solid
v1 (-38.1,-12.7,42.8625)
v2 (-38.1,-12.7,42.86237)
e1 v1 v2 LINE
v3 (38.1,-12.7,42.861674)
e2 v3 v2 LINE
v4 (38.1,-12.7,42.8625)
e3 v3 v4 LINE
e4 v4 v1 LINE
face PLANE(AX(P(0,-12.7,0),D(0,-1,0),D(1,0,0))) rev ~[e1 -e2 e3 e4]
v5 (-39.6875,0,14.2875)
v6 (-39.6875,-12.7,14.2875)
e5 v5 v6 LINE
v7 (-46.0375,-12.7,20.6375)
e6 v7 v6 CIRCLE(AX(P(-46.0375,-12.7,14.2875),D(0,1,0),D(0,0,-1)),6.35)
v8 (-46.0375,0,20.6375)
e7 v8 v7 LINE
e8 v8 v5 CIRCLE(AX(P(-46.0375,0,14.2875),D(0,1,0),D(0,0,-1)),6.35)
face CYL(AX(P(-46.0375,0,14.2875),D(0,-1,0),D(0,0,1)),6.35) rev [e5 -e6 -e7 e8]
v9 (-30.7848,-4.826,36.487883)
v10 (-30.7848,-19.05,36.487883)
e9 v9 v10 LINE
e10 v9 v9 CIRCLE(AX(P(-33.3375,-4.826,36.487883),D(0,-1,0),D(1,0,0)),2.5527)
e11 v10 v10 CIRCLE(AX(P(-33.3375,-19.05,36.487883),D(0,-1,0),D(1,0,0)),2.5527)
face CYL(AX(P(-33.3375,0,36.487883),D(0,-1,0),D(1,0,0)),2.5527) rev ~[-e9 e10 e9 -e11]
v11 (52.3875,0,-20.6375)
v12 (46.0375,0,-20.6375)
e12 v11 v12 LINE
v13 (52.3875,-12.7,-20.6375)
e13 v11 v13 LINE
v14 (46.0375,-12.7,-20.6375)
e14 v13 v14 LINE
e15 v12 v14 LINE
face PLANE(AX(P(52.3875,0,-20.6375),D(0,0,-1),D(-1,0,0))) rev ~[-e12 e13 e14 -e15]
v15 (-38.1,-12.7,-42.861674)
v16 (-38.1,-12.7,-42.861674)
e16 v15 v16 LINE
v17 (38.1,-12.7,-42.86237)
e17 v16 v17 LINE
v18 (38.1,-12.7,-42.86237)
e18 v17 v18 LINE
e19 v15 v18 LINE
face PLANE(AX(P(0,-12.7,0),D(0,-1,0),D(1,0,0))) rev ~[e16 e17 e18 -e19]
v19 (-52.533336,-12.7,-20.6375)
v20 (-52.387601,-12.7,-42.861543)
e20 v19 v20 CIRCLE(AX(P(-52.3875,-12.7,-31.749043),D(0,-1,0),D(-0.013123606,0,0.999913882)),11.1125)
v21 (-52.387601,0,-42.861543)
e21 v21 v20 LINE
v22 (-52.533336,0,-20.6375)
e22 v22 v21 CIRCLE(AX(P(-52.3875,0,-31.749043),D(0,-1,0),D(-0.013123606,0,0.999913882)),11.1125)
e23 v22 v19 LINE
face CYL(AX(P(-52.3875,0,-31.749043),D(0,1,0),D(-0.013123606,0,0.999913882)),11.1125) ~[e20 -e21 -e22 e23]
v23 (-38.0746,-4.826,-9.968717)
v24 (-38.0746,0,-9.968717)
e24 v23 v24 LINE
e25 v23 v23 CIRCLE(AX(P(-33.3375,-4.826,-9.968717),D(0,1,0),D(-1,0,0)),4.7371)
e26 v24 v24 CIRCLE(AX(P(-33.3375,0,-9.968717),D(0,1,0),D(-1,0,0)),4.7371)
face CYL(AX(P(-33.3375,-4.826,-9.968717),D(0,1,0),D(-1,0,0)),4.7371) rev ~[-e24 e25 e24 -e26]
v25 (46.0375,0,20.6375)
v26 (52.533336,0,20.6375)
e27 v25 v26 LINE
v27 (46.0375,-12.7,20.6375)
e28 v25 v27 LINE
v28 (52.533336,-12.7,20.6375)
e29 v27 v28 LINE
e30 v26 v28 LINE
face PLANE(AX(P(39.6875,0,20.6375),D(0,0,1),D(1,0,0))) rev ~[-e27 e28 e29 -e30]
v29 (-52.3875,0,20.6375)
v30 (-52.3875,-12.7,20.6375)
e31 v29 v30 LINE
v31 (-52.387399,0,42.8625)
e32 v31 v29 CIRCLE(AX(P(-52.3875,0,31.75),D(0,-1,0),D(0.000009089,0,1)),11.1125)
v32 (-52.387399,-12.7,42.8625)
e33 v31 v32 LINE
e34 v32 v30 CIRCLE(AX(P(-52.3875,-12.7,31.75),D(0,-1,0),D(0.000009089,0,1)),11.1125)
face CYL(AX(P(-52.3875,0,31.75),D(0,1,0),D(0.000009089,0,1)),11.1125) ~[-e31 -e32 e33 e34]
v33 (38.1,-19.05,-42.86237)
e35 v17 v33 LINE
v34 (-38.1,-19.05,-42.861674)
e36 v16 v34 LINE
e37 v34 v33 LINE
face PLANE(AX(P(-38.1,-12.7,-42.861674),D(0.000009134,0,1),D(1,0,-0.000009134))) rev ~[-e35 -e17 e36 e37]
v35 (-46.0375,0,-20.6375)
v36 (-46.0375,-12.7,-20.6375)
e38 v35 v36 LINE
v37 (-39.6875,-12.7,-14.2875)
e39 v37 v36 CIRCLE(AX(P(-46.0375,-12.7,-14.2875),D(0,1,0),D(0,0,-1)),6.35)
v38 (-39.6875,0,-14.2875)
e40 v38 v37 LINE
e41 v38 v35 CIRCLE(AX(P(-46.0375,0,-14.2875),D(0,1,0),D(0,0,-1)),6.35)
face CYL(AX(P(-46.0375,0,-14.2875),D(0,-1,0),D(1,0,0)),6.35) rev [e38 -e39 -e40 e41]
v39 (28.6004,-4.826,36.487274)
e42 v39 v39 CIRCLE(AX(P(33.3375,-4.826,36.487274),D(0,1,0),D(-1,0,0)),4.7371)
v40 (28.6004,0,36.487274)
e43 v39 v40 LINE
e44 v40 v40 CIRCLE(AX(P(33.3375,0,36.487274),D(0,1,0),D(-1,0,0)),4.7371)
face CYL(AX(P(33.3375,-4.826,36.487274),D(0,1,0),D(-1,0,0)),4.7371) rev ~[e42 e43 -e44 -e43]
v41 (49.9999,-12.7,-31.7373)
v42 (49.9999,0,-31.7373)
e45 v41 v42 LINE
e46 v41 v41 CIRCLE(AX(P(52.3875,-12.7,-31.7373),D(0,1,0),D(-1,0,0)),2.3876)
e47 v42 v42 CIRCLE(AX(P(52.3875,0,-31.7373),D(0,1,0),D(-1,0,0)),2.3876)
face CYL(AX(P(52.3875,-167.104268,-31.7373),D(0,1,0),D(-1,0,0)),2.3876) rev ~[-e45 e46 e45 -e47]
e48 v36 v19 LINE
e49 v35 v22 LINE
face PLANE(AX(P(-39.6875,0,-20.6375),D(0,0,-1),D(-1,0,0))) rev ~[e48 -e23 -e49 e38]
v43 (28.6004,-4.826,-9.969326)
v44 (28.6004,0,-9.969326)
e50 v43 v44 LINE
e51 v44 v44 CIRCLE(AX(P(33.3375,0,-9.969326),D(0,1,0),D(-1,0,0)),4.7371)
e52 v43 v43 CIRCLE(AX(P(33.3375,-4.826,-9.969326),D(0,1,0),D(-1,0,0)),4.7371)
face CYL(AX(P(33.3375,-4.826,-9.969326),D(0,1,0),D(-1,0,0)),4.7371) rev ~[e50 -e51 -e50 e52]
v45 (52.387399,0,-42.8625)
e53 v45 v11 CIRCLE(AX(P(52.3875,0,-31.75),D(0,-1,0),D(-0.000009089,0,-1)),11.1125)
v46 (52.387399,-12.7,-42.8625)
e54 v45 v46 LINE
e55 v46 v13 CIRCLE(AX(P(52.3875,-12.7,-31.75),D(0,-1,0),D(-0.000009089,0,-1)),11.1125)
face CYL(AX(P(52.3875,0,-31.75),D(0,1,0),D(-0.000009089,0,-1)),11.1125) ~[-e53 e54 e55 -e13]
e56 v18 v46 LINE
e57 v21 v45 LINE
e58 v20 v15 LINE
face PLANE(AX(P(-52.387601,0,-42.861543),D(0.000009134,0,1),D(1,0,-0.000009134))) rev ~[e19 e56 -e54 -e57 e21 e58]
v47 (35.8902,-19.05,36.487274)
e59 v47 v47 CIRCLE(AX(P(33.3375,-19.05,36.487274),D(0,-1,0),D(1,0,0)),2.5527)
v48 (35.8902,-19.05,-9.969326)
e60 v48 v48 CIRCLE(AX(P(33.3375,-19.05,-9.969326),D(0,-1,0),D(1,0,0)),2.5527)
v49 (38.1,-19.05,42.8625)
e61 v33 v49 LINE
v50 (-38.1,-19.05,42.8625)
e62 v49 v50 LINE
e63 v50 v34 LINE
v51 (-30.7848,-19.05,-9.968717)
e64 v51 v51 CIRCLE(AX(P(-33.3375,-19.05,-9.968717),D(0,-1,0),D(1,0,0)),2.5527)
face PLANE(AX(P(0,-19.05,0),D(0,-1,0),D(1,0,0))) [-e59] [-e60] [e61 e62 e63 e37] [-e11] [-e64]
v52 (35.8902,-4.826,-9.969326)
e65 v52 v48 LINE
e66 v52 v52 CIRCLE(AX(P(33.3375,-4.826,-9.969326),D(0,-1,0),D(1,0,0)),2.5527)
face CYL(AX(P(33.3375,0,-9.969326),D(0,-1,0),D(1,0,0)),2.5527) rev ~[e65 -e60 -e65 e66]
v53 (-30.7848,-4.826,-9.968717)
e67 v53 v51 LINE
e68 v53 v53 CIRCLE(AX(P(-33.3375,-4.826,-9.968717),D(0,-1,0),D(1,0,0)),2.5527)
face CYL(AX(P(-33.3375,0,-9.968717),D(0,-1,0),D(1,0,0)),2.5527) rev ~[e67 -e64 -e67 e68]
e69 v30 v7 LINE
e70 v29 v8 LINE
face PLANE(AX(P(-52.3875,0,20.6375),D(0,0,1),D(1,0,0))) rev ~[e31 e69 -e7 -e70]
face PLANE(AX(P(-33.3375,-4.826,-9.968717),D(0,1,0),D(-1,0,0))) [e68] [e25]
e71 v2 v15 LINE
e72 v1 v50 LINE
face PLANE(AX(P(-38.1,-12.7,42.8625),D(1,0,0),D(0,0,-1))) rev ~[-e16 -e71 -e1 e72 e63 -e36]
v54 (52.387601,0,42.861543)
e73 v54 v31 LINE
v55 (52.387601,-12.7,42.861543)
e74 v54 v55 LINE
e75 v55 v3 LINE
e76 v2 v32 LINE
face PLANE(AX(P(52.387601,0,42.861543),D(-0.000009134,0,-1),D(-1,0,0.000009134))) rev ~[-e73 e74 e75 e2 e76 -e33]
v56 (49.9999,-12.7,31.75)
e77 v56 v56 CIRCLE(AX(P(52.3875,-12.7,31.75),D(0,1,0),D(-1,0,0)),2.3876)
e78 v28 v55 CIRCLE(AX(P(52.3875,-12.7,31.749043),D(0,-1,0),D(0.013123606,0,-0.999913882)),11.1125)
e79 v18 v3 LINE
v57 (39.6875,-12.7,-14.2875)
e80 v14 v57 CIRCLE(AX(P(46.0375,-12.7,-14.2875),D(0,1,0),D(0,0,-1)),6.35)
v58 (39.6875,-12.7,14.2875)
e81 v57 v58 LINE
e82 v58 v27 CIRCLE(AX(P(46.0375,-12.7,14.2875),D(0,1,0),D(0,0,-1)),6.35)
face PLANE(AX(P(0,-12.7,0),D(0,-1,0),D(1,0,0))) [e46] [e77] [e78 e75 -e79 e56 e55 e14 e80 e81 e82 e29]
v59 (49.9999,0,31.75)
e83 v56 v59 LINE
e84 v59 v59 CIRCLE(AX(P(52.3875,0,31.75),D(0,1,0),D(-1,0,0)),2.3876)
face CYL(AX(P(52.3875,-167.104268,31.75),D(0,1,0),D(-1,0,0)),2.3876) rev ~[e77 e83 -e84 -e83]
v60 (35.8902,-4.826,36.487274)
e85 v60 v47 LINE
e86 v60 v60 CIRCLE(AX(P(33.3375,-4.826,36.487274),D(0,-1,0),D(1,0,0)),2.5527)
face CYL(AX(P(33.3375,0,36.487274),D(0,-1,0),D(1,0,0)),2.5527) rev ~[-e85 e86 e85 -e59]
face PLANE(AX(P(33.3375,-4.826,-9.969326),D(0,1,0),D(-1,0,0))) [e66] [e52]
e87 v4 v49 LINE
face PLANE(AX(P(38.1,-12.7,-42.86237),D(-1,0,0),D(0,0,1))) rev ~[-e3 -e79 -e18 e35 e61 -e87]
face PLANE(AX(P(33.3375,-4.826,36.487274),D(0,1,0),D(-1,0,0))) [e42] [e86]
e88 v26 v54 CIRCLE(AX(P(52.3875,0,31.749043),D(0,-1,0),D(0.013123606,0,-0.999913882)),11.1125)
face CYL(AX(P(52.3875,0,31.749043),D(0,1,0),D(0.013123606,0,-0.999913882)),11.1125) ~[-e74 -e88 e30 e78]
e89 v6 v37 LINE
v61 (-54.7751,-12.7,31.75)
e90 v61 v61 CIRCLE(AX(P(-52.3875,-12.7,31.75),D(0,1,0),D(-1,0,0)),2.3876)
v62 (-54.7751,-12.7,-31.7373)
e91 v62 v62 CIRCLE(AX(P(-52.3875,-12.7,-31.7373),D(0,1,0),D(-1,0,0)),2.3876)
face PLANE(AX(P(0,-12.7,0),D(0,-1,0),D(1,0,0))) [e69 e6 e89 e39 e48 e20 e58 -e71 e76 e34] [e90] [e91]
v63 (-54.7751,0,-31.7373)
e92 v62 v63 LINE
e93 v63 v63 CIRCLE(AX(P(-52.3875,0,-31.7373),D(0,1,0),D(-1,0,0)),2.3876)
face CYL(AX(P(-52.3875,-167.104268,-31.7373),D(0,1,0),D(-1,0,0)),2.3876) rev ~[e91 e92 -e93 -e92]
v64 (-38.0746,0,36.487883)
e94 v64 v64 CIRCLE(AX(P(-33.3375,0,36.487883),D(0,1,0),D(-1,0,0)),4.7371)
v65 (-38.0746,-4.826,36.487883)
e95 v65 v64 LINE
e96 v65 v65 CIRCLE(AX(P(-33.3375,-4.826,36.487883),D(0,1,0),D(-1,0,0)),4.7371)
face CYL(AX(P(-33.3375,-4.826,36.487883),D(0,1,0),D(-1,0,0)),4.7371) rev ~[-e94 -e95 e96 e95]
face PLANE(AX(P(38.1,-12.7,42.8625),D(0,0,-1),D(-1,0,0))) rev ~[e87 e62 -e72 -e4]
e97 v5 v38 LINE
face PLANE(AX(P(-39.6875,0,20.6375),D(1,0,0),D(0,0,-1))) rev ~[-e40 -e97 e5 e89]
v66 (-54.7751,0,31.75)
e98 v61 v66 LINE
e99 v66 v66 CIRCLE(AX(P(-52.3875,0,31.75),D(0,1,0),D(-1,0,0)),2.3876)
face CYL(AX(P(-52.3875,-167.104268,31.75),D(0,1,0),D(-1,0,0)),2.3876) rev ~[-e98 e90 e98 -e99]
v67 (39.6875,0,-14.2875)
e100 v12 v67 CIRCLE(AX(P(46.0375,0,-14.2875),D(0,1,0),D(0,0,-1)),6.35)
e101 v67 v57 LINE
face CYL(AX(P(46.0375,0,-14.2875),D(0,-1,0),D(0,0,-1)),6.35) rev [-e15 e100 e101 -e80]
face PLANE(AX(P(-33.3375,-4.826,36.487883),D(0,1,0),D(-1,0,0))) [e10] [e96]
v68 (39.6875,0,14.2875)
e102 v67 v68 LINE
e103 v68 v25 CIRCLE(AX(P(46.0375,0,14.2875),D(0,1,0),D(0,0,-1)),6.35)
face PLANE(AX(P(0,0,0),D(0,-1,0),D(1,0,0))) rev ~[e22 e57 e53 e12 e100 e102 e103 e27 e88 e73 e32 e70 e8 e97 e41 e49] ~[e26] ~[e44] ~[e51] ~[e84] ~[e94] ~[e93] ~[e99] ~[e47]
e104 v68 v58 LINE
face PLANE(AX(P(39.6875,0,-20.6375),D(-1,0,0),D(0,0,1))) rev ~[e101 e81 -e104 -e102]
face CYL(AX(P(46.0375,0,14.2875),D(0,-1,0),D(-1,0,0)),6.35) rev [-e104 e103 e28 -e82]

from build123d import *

# Parameters (mm, degrees)
F1_DEPTH       = 12.7
F2_R           = 6.35
F4_DEPTH       = 6.35
F6_D           = 4.7752
F8_D           = 5.1054
F8_CBORE_D     = 9.4742
F8_CBORE_DEPTH = 4.826


with BuildPart() as f1:
    # F0 (on Front) → F1 (new body)
    with BuildSketch(Plane.XZ):
        with BuildLine():
            Line((52.387601, 42.861543), (-52.387399, 42.8625))
            ThreePointArc((-52.387399, 42.8625), (-63.5, 31.750051), (-52.3875, 20.6375))
            Line((-52.3875, 20.6375), (-39.6875, 20.6375))
            Line((-39.6875, 20.6375), (-39.6875, -20.6375))
            Line((-39.6875, -20.6375), (-52.533336, -20.6375))
            ThreePointArc((-52.533336, -20.6375), (-63.499761, -31.821912), (-52.387601, -42.861543))
            Line((-52.387601, -42.861543), (52.387399, -42.8625))
            ThreePointArc((52.387399, -42.8625), (63.5, -31.750051), (52.3875, -20.6375))
            Line((52.3875, -20.6375), (39.6875, -20.6375))
            Line((39.6875, -20.6375), (39.6875, 20.6375))
            Line((39.6875, 20.6375), (52.533336, 20.6375))
            ThreePointArc((52.533336, 20.6375), (63.499761, 31.821912), (52.387601, 42.861543))
        make_face()
    extrude(amount=F1_DEPTH)

    # F2
    f2_edges = [f1.edges().sort_by_distance(p)[0] for p in [
        (-39.6875, -6.35, 20.6375),
        (-39.6875, -6.35, -20.6375),
        (39.6875, -6.35, 20.6375),
        (39.6875, -6.35, -20.6375),
    ]]
    fillet(f2_edges, radius=F2_R)

    # F3 (on face) → F4 (join)
    with BuildSketch(Plane.XZ.offset(12.7)):
        Polygon((-38.1, -42.861674), (38.1, -42.86237), (38.1, 42.861674), (-38.1, 42.86237), align=None)
        Polygon((-38.1, 42.86237), (38.1, 42.861674), (38.1, 42.8625), (-38.1, 42.8625), align=None)
    extrude(amount=F4_DEPTH)

    # F6 (through all)
    with Locations(Plane.XZ.offset(12.7)):
        with Locations((-52.3875, 31.75), (52.3875, 31.75), (52.3875, -31.7373), (-52.3875, -31.7373)):
            Hole(F6_D / 2)

    # F8 (through all)
    with Locations(Plane(origin=(0, 0, 0), x_dir=(-1, 0, 0), z_dir=(0, 1, 0))):
        with Locations((-33.3375, 36.487274), (33.3375, 36.487883), (33.3375, -9.968717), (-33.3375, -9.969326)):
            CounterBoreHole(F8_D / 2, F8_CBORE_D / 2, F8_CBORE_DEPTH)


solid = f1.part
